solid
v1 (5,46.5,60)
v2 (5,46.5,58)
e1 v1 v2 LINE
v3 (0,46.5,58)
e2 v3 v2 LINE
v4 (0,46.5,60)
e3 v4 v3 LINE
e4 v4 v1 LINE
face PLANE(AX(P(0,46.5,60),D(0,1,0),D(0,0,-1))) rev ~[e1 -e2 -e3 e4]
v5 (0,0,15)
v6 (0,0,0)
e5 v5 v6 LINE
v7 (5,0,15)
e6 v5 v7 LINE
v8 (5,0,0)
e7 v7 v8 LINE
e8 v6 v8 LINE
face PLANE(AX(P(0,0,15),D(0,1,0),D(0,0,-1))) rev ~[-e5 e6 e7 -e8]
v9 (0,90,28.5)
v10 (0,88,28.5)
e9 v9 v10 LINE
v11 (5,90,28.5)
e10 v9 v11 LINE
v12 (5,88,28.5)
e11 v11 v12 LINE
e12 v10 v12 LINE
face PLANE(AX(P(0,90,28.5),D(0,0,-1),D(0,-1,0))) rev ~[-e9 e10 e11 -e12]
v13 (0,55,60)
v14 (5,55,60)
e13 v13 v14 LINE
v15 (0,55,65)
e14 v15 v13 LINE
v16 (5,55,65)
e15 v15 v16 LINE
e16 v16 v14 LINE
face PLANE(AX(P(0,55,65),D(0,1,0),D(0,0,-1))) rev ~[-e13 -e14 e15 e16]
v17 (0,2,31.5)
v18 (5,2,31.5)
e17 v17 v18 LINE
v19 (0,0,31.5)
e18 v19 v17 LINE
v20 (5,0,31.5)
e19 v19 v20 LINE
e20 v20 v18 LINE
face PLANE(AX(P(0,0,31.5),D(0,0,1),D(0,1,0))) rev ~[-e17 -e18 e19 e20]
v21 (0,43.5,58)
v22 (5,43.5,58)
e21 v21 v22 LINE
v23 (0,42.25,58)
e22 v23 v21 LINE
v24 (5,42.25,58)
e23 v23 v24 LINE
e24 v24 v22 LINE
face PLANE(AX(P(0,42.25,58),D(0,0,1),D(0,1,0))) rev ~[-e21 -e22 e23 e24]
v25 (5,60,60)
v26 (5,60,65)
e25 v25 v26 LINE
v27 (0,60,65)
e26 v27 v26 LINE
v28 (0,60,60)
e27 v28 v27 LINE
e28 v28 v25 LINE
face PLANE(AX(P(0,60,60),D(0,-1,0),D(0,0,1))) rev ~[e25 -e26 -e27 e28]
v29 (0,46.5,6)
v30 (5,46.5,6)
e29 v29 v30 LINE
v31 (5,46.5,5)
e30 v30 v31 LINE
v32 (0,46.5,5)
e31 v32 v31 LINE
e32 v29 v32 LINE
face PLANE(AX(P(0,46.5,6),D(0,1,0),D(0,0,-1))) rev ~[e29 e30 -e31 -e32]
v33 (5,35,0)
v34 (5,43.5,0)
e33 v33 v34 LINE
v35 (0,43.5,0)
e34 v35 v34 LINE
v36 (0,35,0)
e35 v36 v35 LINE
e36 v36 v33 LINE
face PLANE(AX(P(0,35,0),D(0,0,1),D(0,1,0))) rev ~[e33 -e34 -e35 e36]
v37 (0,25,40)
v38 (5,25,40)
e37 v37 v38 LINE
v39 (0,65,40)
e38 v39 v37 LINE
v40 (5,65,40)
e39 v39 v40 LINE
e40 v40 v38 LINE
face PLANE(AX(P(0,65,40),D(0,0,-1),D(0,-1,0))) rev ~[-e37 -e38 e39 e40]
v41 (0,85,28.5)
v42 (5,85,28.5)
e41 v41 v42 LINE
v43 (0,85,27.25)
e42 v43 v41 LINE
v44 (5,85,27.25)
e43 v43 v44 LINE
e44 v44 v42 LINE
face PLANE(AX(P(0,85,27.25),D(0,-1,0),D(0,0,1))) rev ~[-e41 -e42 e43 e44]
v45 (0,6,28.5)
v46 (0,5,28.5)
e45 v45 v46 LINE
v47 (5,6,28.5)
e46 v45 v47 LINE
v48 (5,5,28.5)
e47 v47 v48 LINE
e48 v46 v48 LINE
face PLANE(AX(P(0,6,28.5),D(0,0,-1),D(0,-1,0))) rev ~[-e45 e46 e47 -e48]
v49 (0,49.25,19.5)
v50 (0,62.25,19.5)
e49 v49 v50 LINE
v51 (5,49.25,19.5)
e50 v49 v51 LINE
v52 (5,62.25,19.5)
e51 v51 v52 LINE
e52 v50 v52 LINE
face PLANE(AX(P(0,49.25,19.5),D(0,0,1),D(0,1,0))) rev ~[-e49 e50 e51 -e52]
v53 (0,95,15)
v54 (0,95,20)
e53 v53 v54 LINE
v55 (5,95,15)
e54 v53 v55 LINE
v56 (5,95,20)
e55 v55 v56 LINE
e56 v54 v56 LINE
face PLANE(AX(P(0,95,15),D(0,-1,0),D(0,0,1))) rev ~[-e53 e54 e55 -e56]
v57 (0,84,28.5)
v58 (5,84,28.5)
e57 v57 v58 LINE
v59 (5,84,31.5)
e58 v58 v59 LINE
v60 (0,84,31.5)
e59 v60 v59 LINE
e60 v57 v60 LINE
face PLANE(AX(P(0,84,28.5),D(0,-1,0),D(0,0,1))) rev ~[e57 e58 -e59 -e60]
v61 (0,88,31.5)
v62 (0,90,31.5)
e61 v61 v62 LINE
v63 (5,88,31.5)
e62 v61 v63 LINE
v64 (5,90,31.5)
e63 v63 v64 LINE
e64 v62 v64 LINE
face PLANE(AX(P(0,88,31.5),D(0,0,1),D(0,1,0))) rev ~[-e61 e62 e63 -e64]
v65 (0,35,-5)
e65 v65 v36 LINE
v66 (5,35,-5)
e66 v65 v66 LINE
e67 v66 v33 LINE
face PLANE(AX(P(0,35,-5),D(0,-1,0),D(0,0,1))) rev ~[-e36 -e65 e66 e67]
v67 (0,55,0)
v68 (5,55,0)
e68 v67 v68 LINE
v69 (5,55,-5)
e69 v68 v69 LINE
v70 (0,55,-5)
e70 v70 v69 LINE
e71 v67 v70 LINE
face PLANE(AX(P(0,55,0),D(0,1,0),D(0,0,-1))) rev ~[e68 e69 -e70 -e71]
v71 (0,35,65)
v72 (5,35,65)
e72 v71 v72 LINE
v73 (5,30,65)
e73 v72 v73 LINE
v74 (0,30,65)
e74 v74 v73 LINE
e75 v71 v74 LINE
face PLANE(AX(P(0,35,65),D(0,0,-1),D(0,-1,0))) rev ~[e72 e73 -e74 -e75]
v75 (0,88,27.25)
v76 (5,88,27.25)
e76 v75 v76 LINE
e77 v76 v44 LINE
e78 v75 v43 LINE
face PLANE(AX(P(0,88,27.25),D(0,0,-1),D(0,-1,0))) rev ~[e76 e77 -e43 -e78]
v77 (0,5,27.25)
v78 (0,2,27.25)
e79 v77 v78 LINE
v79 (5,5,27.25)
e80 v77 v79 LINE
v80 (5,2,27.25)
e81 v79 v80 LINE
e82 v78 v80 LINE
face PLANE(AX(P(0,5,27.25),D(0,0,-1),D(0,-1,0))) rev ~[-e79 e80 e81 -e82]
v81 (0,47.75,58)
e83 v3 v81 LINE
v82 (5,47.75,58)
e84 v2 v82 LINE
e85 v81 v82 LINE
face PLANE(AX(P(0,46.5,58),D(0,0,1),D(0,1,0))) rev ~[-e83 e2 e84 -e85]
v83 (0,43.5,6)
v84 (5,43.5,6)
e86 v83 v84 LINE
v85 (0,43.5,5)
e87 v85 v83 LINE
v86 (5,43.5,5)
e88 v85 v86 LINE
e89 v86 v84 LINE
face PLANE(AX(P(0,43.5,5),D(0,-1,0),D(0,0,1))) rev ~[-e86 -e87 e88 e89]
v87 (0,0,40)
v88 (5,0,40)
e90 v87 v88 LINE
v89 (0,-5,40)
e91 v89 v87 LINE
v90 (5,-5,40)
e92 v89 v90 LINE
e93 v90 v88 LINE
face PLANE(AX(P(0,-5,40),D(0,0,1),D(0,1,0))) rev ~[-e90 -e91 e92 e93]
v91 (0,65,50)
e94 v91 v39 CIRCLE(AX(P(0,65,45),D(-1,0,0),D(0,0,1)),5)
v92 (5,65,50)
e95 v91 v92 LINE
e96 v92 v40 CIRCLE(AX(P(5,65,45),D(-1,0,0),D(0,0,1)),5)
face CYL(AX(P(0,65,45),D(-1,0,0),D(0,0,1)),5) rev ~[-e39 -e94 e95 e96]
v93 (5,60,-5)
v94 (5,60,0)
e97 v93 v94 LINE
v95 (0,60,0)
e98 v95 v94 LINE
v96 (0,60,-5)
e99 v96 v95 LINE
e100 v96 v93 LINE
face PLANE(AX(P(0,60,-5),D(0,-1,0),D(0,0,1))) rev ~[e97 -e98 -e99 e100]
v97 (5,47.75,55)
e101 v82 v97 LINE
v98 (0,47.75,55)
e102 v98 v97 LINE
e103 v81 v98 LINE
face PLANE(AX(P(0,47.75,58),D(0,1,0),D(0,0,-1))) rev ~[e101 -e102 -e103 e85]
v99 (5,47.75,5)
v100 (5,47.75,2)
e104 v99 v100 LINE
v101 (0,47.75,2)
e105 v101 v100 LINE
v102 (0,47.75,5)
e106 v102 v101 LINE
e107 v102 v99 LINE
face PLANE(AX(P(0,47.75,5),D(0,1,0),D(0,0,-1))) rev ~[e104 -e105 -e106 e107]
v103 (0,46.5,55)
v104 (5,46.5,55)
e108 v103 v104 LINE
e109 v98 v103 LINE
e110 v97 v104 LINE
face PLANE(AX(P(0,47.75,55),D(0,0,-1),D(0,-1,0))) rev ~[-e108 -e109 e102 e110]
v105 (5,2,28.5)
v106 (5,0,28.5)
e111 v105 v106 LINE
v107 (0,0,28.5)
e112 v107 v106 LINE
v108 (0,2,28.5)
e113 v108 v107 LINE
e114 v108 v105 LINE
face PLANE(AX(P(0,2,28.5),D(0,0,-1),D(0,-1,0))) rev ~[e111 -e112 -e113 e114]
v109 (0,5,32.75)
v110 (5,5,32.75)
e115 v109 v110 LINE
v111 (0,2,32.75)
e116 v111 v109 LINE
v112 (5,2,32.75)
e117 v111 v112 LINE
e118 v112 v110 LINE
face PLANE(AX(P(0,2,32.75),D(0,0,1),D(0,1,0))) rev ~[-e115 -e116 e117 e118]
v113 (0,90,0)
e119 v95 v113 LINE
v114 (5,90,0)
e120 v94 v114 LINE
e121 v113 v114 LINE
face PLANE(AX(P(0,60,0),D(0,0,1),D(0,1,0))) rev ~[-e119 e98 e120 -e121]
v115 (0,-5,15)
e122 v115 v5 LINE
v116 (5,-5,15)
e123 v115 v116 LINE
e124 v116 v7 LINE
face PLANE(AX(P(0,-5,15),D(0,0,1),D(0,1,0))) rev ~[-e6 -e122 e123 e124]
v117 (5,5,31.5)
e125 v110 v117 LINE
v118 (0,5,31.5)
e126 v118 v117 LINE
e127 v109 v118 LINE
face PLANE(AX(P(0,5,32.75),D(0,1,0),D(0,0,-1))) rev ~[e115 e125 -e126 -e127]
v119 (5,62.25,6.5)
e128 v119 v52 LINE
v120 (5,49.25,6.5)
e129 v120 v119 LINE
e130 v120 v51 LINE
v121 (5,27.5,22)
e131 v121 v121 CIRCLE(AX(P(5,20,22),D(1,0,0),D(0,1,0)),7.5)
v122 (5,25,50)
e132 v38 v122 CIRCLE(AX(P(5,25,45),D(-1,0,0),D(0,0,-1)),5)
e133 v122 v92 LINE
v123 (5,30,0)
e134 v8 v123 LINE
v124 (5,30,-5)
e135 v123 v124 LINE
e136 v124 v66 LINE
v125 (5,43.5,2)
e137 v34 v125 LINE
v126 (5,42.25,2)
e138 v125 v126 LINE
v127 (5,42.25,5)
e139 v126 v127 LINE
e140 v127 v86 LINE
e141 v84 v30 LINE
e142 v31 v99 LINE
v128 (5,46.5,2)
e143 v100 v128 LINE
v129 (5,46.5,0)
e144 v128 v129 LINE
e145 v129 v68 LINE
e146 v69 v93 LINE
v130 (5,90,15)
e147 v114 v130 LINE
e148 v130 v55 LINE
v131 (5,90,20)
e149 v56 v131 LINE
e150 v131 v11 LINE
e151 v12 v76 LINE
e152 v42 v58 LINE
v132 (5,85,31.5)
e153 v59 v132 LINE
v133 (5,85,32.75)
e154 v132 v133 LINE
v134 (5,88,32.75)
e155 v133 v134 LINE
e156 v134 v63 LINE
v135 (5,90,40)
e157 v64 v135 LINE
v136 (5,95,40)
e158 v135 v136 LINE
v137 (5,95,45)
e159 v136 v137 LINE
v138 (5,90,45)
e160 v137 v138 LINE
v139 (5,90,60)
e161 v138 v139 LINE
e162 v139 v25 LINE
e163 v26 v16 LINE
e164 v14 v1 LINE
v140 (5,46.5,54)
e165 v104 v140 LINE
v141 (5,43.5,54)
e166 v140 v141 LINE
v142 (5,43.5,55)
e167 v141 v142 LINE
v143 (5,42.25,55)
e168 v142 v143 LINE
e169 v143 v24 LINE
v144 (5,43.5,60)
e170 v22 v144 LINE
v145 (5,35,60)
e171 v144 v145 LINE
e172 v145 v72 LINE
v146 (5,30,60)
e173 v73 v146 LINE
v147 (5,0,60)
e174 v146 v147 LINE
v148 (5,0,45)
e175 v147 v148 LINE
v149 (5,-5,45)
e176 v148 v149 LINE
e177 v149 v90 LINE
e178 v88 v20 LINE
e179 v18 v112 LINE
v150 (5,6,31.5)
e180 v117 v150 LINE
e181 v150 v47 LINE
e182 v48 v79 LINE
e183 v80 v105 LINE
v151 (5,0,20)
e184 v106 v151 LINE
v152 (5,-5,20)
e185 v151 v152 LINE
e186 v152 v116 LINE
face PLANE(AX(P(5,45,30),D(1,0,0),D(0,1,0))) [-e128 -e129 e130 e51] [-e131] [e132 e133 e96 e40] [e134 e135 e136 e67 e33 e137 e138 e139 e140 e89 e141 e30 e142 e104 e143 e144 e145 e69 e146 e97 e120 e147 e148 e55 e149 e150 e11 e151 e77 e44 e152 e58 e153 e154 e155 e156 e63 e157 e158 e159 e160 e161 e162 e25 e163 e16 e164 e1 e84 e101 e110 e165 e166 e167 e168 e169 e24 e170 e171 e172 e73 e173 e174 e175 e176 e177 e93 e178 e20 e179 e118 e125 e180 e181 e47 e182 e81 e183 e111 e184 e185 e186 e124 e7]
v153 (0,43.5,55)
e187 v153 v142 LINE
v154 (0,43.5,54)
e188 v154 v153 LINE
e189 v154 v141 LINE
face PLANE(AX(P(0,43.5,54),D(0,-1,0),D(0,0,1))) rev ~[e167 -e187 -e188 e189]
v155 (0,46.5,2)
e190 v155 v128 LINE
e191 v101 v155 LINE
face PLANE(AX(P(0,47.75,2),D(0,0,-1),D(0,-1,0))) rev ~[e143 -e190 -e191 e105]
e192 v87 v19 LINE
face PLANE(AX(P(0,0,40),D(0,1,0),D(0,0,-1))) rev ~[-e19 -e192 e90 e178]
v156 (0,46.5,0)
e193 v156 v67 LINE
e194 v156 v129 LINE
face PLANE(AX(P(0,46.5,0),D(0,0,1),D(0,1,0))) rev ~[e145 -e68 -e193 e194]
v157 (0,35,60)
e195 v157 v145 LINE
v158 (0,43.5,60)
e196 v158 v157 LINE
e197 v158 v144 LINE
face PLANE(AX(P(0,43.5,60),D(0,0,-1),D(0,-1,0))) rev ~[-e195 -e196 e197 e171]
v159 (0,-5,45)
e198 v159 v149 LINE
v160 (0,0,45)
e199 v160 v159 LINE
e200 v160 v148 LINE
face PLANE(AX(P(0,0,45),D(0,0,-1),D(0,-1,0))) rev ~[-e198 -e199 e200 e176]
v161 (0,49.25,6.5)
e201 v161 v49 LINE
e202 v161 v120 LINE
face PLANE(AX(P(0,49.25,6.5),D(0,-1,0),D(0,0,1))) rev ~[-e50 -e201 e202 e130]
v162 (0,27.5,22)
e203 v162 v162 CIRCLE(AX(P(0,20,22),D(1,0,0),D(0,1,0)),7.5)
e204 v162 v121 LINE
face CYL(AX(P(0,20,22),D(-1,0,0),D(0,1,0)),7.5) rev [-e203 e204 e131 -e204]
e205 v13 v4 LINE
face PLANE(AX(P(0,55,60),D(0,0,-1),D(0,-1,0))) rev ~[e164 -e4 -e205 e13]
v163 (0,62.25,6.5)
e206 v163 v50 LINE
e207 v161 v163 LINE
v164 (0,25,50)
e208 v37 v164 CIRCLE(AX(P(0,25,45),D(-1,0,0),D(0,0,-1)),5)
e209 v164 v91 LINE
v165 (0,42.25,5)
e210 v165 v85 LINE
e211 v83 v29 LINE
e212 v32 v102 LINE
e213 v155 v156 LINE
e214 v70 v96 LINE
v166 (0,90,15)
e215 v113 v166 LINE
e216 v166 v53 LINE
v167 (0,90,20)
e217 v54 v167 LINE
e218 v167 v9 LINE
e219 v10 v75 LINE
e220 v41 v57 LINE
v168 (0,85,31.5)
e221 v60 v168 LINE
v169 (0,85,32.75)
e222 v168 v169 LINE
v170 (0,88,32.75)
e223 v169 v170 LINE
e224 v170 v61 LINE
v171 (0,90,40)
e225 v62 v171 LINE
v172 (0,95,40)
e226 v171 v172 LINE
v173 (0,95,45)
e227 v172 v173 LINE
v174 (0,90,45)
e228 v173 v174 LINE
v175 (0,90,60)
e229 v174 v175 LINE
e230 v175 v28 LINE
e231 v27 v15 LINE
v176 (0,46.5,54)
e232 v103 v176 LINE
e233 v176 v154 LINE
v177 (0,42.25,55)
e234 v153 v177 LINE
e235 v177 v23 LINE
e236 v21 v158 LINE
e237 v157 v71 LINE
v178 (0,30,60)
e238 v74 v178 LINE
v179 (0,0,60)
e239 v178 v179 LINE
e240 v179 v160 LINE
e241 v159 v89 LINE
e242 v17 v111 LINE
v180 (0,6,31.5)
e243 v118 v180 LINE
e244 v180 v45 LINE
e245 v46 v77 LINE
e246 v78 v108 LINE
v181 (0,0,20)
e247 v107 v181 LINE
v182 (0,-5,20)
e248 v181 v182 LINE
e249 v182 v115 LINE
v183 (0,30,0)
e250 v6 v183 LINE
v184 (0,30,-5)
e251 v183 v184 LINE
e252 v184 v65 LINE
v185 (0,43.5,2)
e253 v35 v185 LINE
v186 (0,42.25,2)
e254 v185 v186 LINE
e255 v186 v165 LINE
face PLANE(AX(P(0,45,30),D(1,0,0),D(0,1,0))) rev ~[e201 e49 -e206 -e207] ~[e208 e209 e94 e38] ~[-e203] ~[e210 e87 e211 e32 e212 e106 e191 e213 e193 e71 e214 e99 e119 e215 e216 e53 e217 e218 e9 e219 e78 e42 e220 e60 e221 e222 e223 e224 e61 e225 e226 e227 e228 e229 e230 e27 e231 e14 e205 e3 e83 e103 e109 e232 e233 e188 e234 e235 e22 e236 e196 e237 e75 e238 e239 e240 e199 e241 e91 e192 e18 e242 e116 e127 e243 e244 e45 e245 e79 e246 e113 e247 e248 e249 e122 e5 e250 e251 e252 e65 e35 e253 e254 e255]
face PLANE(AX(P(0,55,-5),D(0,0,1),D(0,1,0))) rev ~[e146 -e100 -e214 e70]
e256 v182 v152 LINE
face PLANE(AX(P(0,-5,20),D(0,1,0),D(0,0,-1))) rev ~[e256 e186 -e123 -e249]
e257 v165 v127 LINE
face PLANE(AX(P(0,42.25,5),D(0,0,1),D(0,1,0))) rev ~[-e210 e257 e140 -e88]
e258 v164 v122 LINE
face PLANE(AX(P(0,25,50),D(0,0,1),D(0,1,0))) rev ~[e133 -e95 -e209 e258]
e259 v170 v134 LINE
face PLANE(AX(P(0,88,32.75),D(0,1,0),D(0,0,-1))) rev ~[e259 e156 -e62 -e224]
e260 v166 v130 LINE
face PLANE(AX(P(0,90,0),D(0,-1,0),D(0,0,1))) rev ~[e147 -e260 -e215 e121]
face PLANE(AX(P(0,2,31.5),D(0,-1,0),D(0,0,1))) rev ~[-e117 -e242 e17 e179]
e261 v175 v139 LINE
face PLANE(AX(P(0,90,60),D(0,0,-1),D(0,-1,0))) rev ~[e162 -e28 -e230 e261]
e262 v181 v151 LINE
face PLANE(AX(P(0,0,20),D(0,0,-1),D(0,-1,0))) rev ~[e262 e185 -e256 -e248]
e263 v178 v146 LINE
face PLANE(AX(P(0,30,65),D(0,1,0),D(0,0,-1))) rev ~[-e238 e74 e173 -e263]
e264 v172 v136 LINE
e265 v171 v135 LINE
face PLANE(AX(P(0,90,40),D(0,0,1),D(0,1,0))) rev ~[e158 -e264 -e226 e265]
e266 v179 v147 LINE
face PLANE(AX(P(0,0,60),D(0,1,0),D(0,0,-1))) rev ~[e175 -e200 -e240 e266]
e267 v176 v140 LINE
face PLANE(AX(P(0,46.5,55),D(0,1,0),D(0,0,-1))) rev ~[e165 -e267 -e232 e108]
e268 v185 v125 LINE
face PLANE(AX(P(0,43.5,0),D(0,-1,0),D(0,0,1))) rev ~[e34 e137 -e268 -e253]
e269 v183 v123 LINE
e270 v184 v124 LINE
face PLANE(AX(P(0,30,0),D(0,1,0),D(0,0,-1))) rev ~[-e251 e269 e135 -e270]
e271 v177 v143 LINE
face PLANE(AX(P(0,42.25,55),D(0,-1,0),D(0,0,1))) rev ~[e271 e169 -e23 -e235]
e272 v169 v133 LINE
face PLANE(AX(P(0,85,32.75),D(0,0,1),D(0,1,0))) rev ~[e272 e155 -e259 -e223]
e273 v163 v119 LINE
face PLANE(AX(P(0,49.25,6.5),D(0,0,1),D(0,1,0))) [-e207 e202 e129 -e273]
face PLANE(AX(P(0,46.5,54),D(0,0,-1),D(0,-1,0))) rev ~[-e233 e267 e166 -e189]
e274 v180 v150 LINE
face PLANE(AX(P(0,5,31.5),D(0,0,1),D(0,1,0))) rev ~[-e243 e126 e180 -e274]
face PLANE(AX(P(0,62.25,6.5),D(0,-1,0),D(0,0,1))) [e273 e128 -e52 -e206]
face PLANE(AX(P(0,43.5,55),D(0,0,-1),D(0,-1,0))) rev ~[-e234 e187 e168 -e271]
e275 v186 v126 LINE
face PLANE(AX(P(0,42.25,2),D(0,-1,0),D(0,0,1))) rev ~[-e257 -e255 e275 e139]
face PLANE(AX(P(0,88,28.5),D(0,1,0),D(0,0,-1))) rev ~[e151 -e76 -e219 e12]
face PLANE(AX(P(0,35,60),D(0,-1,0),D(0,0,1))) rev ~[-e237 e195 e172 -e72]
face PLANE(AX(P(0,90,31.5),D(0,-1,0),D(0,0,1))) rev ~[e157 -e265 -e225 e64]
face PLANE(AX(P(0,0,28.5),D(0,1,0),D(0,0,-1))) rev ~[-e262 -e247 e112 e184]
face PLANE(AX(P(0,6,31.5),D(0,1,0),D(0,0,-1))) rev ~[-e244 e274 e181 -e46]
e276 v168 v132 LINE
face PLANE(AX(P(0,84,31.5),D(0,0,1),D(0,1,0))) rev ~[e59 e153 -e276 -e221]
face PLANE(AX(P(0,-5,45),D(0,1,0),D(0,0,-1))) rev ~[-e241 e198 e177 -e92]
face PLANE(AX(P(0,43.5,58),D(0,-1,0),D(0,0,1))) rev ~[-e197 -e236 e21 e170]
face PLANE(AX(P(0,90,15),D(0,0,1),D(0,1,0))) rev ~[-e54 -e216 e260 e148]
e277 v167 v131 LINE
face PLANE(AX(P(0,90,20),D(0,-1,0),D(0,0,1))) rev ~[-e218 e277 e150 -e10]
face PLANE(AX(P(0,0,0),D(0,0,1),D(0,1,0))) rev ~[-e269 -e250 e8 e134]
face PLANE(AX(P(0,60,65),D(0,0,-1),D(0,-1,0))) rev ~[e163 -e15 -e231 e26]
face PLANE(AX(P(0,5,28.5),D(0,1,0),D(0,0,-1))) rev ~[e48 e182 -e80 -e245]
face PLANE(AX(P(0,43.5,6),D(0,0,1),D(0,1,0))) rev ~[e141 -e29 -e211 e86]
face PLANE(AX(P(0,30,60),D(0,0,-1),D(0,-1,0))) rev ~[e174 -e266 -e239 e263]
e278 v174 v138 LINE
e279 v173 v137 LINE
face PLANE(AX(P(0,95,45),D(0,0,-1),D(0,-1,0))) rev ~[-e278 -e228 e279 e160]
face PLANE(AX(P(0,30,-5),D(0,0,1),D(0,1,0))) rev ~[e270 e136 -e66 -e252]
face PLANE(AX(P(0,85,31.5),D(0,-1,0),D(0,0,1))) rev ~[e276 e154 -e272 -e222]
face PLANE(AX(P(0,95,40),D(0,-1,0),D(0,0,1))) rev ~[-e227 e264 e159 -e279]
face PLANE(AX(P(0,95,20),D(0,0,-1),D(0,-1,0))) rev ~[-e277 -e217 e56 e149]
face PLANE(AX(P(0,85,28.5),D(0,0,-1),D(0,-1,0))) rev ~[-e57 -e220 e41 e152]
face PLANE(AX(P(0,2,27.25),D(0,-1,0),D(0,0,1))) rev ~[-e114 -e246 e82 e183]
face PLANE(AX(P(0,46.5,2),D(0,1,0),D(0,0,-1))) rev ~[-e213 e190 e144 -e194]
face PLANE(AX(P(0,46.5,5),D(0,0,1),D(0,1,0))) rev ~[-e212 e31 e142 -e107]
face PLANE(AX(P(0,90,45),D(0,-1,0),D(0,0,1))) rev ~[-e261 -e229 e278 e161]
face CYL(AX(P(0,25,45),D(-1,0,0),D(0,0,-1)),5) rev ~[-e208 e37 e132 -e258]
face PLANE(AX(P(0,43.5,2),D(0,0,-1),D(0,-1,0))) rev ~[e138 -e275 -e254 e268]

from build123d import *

# Parameters (mm, degrees)
F1_R     = 7.5
F1_W     = 13
F1_H     = 13
F2_DEPTH = 5


with BuildPart() as f2:
    # F1 (on Right) → F2 (new body)
    with BuildSketch(Plane.YZ):
        Polygon((0, 15), (0, 0), (30, 0), (30, -5), (35, -5), (35, 0), (43.5, 0), (43.5, 2), (42.25, 2), (42.25, 5), (43.5, 5), (43.5, 6), (46.5, 6), (46.5, 5), (47.75, 5), (47.75, 2), (46.5, 2), (46.5, 0), (55, 0), (55, -5), (60, -5), (60, 0), (90, 0), (90, 15), (95, 15), (95, 20), (90, 20), (90, 28.5), (88, 28.5), (88, 27.25), (85, 27.25), (85, 28.5), (84, 28.5), (84, 31.5), (85, 31.5), (85, 32.75), (88, 32.75), (88, 31.5), (90, 31.5), (90, 40), (95, 40), (95, 45), (90, 45), (90, 60), (60, 60), (60, 65), (55, 65), (55, 60), (46.5, 60), (46.5, 58), (47.75, 58), (47.75, 55), (46.5, 55), (46.5, 54), (43.5, 54), (43.5, 55), (42.25, 55), (42.25, 58), (43.5, 58), (43.5, 60), (35, 60), (35, 65), (30, 65), (30, 60), (0, 60), (0, 45), (-5, 45), (-5, 40), (0, 40), (0, 31.5), (2, 31.5), (2, 32.75), (5, 32.75), (5, 31.5), (6, 31.5), (6, 28.5), (5, 28.5), (5, 27.25), (2, 27.25), (2, 28.5), (0, 28.5), (0, 20), (-5, 20), (-5, 15), align=None)
        with Locations((20, 22)):
            Circle(F1_R, mode=Mode.SUBTRACT)
        with Locations((55.75, 13)):
            Rectangle(F1_W, F1_H, mode=Mode.SUBTRACT)
        with BuildLine():
            Line((25, 50), (65, 50))
            ThreePointArc((65, 50), (70, 45), (65, 40))
            Line((65, 40), (25, 40))
            ThreePointArc((25, 40), (20, 45), (25, 50))
        make_face(mode=Mode.SUBTRACT)
    extrude(amount=F2_DEPTH)


solid = f2.part
